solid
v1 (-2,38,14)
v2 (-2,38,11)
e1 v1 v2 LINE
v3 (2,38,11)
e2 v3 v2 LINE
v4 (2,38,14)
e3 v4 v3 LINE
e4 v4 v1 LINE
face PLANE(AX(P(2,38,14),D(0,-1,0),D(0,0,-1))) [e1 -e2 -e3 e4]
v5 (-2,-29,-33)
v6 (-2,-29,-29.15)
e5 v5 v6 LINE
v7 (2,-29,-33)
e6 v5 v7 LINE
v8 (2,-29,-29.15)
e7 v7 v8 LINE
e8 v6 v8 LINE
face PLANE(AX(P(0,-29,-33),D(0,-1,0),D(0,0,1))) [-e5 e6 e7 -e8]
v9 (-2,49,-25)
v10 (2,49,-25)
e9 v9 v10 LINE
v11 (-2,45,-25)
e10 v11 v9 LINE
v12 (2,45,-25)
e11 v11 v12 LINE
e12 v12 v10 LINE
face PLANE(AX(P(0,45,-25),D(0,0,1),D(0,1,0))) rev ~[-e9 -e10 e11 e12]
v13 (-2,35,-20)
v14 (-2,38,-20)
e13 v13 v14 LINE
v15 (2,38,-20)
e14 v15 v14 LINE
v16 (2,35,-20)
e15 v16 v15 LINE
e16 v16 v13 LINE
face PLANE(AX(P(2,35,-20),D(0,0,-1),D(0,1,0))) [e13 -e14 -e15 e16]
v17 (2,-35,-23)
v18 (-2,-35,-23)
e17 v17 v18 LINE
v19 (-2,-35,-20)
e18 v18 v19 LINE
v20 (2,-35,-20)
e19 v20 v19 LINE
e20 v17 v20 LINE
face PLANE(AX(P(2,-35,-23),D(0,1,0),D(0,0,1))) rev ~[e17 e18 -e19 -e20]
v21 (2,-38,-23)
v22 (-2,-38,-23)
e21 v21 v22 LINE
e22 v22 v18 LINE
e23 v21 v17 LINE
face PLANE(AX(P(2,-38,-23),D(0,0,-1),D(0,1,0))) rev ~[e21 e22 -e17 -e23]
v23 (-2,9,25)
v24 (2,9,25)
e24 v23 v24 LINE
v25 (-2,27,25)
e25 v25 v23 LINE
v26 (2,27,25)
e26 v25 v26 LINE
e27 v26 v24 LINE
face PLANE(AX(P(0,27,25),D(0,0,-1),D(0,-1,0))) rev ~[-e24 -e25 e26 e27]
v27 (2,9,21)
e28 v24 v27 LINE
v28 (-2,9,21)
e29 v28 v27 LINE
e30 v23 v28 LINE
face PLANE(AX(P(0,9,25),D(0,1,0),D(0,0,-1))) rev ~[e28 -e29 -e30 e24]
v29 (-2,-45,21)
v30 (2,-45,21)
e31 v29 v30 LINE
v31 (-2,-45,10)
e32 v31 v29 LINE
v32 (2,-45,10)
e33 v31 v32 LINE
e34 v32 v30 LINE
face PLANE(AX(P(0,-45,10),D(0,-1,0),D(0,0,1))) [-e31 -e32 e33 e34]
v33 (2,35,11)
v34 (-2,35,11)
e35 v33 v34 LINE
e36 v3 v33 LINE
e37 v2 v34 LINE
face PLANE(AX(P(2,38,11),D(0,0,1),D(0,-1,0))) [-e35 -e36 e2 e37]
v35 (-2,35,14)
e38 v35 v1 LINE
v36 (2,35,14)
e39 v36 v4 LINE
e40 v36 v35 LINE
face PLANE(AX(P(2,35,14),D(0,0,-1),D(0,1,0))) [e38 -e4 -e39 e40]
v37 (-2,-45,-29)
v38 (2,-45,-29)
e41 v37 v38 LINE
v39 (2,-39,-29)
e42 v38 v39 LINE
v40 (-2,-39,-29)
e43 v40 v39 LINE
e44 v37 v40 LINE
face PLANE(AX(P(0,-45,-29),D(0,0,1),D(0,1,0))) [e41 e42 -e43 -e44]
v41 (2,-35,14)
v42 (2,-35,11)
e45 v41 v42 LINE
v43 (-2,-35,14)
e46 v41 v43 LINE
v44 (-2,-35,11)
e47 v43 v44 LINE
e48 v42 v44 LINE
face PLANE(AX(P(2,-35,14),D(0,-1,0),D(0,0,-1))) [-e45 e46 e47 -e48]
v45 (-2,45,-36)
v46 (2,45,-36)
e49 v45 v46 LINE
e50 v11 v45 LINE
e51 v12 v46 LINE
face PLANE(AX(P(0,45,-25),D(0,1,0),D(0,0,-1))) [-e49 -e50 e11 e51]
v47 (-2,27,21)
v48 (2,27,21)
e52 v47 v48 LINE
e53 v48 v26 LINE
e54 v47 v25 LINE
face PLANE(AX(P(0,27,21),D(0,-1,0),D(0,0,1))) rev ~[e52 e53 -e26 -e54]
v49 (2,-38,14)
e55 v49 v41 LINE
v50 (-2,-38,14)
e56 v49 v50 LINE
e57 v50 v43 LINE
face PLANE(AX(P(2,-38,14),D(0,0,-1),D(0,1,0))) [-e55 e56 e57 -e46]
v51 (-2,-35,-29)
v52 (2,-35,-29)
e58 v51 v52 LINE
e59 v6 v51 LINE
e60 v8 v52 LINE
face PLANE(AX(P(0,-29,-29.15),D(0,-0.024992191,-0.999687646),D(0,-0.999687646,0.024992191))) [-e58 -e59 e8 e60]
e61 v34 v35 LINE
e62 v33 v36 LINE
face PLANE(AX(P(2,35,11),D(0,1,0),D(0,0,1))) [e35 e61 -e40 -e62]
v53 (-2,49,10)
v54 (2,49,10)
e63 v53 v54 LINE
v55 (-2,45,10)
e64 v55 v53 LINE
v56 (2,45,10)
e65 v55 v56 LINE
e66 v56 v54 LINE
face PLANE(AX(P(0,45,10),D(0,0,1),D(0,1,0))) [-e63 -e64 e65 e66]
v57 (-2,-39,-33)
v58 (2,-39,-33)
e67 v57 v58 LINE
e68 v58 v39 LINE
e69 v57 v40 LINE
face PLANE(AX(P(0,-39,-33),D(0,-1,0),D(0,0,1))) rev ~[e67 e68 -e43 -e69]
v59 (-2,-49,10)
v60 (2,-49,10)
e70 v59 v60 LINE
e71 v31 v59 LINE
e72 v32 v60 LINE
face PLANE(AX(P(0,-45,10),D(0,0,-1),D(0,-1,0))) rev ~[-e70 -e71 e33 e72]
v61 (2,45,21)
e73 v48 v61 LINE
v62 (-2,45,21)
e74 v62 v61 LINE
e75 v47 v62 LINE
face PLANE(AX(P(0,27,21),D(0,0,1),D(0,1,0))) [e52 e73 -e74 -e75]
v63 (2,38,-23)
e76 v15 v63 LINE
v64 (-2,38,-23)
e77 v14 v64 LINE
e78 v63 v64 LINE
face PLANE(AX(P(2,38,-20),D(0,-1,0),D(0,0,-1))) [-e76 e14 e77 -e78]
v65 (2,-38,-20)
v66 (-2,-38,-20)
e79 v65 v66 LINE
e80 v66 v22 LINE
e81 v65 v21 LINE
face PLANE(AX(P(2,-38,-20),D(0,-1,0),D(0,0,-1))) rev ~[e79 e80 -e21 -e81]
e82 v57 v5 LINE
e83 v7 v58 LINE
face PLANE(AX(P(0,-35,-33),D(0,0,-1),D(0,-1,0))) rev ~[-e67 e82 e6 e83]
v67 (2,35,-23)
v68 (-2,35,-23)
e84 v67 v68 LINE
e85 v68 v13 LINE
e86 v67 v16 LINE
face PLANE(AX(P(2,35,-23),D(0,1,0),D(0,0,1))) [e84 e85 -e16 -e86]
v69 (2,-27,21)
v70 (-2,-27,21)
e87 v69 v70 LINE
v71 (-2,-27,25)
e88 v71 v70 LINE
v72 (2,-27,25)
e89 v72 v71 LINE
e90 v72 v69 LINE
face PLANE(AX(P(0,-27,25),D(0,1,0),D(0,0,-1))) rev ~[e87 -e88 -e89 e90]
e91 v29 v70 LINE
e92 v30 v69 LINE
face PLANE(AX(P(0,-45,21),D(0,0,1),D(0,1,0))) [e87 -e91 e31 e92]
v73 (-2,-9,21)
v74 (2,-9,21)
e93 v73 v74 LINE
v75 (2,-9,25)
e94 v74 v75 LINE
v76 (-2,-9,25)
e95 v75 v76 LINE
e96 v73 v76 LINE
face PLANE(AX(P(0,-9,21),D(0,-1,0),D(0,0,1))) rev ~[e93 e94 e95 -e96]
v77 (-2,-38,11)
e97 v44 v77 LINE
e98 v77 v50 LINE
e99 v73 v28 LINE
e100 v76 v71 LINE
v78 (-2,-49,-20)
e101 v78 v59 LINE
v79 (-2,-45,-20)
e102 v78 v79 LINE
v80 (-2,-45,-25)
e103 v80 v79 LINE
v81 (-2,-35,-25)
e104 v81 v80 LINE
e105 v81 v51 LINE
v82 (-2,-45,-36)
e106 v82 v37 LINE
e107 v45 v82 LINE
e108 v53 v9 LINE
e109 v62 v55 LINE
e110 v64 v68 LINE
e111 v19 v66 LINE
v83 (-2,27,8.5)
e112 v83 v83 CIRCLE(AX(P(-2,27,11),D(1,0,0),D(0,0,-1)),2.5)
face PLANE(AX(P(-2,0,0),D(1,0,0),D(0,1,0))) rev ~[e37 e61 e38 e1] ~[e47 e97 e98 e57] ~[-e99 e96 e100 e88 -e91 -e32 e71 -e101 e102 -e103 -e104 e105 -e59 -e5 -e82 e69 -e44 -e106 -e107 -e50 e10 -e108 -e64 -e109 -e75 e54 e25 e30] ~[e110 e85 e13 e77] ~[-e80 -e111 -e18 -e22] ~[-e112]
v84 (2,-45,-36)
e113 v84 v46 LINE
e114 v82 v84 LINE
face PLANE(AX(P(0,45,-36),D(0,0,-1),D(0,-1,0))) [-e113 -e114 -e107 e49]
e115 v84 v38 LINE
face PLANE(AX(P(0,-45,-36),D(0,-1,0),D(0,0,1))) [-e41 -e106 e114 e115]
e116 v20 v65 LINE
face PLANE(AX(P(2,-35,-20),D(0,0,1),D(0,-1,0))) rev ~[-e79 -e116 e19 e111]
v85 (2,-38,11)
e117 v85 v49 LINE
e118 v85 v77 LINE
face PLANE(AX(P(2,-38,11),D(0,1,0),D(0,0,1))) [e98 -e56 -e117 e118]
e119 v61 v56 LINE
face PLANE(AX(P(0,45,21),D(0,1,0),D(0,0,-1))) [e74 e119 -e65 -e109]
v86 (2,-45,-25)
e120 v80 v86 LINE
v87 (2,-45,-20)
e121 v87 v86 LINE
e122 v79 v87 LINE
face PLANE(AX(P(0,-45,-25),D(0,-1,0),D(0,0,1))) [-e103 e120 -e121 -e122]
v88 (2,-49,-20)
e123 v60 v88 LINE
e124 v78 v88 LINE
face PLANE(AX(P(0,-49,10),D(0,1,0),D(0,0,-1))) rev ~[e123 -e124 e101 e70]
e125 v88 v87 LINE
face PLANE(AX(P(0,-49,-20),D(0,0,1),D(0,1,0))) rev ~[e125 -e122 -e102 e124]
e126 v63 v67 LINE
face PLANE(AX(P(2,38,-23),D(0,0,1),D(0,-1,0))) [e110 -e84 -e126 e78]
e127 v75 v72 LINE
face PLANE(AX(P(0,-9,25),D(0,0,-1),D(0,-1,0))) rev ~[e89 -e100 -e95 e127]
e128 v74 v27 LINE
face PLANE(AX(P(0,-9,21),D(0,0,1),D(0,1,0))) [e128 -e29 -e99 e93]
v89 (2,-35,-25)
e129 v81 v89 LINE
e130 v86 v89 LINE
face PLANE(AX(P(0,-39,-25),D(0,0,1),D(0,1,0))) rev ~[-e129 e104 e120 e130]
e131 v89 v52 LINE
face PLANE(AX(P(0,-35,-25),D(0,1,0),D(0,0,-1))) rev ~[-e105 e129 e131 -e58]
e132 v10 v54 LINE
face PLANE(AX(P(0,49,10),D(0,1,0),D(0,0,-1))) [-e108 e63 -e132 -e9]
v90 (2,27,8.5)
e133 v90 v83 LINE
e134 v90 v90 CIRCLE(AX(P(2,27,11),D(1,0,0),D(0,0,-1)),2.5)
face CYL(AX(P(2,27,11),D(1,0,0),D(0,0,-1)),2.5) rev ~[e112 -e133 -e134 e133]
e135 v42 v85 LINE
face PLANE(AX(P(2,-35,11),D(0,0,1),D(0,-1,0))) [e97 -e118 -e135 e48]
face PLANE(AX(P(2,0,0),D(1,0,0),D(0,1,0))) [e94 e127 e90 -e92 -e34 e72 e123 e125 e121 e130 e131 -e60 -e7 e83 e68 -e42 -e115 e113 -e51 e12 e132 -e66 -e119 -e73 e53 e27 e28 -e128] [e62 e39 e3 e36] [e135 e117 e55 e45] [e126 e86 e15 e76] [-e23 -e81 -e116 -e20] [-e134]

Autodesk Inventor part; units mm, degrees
ref_plane "YZ Plane" through (0, 0, 0) normal (1, 0, 0) x (0, 1, 0)
ref_plane "XZ Plane" through (0, 0, 0) normal (0, 1, 0) x (-1, 0, 0)
ref_plane "XY Plane" through (0, 0, 0) normal (0, 0, 1) x (1, 0, 0)
sketch "Sketch1" plane through (0, 0, 0) normal (1, 0, 0) x (0, 1, 0)
  line L0 (-45, 21) -> (45, 21)
  line L1 (45, 21) -> (45, -21)
  line L2 (-27, 21) -> (-9, 21)
  line L3 (-9, 21) -> (-9, 25)
  line L4 (-9, 25) -> (-27, 25)
  line L5 (-27, 25) -> (-27, 21)
  line L6 (9, 21) -> (27, 21)
  line L7 (27, 21) -> (27, 25)
  line L8 (27, 25) -> (9, 25)
  line L9 (9, 25) -> (9, 21)
  line L10 (-45, 10) -> (-49, 10)
  line L11 (-49, 10) -> (-49, -10)
  line L12 (-49, -10) -> (-45, -10) construction
  line L13 (-45, -10) -> (-45, 10)
  line L14 (45, 10) -> (49, 10)
  line L15 (49, 10) -> (49, -10)
  line L16 (49, -10) -> (45, -10) construction
  line L17 (45, -10) -> (45, 10)
  line L18 (-45, -21) -> (-45, 21)
  line L19 (45, 21) -> (45, -36)
  line L20 (45, -36) -> (-45, -36)
  line L21 (-45, -36) -> (-45, 21)
  line L22 (45, 10) -> (49, 10)
  line L23 (49, 10) -> (49, -20)
  line L24 (49, -20) -> (45, -20)
  line L25 (45, -20) -> (45, 10)
  line L26 (-45, 10) -> (-49, 10)
  line L27 (-49, 10) -> (-49, -20)
  line L28 (-49, -20) -> (-45, -20) construction
  line L29 (-45, -20) -> (-45, 10)
  line L30 (-18, -36) -> (-22, -36)
  line L31 (-45, -29) -> (-39, -29)
  line L32 (-39, -29) -> (-39, -25)
  line L33 (-39, -25) -> (-45, -25)
  line L34 (-45, -25) -> (-45, -29)
  line L35 (-39, -25) -> (-35, -25)
  line L36 (-35, -25) -> (-35, -33)
  line L37 (-35, -33) -> (-39, -33)
  line L38 (-39, -33) -> (-39, -25)
  line L39 (-35, -33) -> (-29, -33)
  line L40 (-29, -33) -> (-29, -29)
  line L41 (-29, -29) -> (-35, -29)
  line L42 (-35, -29) -> (-35, -33)
  line L43 (-29, -29) -> (-29, -29.15)
  line L44 (-29, -29.15) -> (-35, -29)
  line L45 (49, -20) -> (45, -20) construction
  line L46 (45, -20) -> (45, -25)
  line L47 (45, -25) -> (49, -25)
  line L48 (49, -25) -> (49, -20)
  line L49 (-45, -20) -> (-49, -20) construction
  line L50 (-49, -20) -> (-49, -25)
  line L51 (-49, -25) -> (-45, -25)
  line L52 (-45, -25) -> (-45, -20)
  line L53 (-45, -25) -> (-49, -25)
  line L54 (-49, -25) -> (-49, -20)
  line L55 (-49, -20) -> (-45, -20)
  line L56 (-45, -20) -> (-45, -25)
  point P0 (0, 0)
  point P1 (0, 21)
  point P2 (45, 0)
  point P3 (-9, 23)
  point P4 (9, 23)
  point P5 (49, 0)
  point P6 (45, -10)
  point P7 (27, 21)
  point P8 (-45, 10)
  point P9 (-45, -20)
  point P10 (-45, -20)
  point P11 (-35, -29)
  point P12 (-32, -33)
  point P13 (-32, -29)
  point P14 (-47, 10)
  point P15 (47, 10)
  dimension "d9" = 18
  dimension "d10" = 18
  dimension "d11" = 18
  dimension "d12" = 18
  dimension "d13" = 4
  dimension "d17" = 20
  dimension "d19" = 20
  dimension "d20" = 4
  dimension "d21" = 4
  dimension "d40" = 42
  dimension "d41" = 57
  dimension "d42" = 30
  dimension "d43" = 30
  dimension "d47" = 6
  dimension "d48" = 4
  dimension "d49" = 7
  dimension "d50" = 4
  dimension "d51" = 8
  dimension "d52" = 6
  dimension "d55" = 4
  dimension "d56" = 0.15
extrude "Extrusion1" add sketch "Sketch1" along normal mid plane 4 contours L0 L1 L19 L20 L21 L31 L38 L37 L39 L40 L41 L36 L35 L33 L18 L13 | L5 L4 L3 L0 | L13 L18 L55 L27 L11 L10 | L9 L8 L7 L0 | L14 L15 L23 L24 L1 | L24 L48 L47 L19 L1 | L41 L40 L44
sketch "Sketch2" plane through (2, 0, 0) normal (1, 0, 0) x (0, 0, -1)
  circle A0 centre (-11, 27) radius 2.5
  line L0 (14, -45) -> (14, -25) projected
  line L1 (-10, 45) -> (-21, 45) projected
  line L2 (6.5, -45) -> (14, -45) projected
  circle A1 centre (-12.5, -36.5) radius 1.55 construction
  line L3 (-21, -45) -> (-10, -45) projected
  line L4 (-21, 9) -> (-21, 27) projected
  line L5 (0, 0) -> (-4.5, 0)
  circle A2 centre (-12.5, 36.5) radius 1.55 construction
  line L6 (-14, 38) -> (-11, 38)
  line L7 (-11, 38) -> (-11, 35)
  line L8 (-11, 35) -> (-14, 35)
  line L9 (-14, 35) -> (-14, 38)
  line L10 (-14, -35) -> (-11, -35)
  line L11 (-11, -35) -> (-11, -38)
  line L12 (-11, -38) -> (-14, -38)
  line L13 (-14, -38) -> (-14, -35)
  line L14 (-25, -9) -> (-25, -27) projected
  line L15 (-10, -49) -> (20, -49) projected
  line L16 (20, -38) -> (23, -38)
  line L17 (23, -38) -> (23, -35)
  line L18 (23, -35) -> (20, -35)
  line L19 (20, -35) -> (20, -38)
  line L20 (25, -45) -> (25, -35) projected
  line L21 (20, 38) -> (23, 38)
  line L22 (23, 38) -> (23, 35)
  line L23 (23, 35) -> (20, 35)
  line L24 (20, 35) -> (20, 38)
  point P0 (21, 45)
  point P1 (10, 45)
  point P2 (-15.5, 45)
  point P3 (10.25, -45)
  point P4 (-15.5, -45)
  point P5 (-21, -27)
  point P6 (-12.5, 38)
  point P7 (-14, 36.5)
  point P8 (-12.5, -35)
  point P9 (-11, -36.5)
  point P10 (16.5, -49)
  point P11 (25, -49)
  point P12 (20, -36.5)
  point P13 (20, 36.5)
  dimension "d24" = 5
  dimension "d25" = 25
  dimension "d26" = 18
  dimension "d33" = 3.1
  dimension "d36" = 3
  dimension "d37" = 3
  dimension "d38" = 3
  dimension "d53" = 11
  dimension "d54" = 11
  dimension "d57" = 3
  dimension "d58" = 3
  dimension "d59" = 2
extrude "Extrusion2" cut sketch "Sketch2" against normal up to surface (4 mm away)
equation "\"d9\" = 0.2 * d3"
equation "\"d10\" = d9"
equation "\"d11\" = d9"
equation "\"d12\" = d11"
equation "\"d17\" = d19"
equation "\"d20\" = d13"
equation "\"d21\" = d13"
equation "\"d54\" = d53"
equation "\"d3\" = 90"
properties part number "Side"
